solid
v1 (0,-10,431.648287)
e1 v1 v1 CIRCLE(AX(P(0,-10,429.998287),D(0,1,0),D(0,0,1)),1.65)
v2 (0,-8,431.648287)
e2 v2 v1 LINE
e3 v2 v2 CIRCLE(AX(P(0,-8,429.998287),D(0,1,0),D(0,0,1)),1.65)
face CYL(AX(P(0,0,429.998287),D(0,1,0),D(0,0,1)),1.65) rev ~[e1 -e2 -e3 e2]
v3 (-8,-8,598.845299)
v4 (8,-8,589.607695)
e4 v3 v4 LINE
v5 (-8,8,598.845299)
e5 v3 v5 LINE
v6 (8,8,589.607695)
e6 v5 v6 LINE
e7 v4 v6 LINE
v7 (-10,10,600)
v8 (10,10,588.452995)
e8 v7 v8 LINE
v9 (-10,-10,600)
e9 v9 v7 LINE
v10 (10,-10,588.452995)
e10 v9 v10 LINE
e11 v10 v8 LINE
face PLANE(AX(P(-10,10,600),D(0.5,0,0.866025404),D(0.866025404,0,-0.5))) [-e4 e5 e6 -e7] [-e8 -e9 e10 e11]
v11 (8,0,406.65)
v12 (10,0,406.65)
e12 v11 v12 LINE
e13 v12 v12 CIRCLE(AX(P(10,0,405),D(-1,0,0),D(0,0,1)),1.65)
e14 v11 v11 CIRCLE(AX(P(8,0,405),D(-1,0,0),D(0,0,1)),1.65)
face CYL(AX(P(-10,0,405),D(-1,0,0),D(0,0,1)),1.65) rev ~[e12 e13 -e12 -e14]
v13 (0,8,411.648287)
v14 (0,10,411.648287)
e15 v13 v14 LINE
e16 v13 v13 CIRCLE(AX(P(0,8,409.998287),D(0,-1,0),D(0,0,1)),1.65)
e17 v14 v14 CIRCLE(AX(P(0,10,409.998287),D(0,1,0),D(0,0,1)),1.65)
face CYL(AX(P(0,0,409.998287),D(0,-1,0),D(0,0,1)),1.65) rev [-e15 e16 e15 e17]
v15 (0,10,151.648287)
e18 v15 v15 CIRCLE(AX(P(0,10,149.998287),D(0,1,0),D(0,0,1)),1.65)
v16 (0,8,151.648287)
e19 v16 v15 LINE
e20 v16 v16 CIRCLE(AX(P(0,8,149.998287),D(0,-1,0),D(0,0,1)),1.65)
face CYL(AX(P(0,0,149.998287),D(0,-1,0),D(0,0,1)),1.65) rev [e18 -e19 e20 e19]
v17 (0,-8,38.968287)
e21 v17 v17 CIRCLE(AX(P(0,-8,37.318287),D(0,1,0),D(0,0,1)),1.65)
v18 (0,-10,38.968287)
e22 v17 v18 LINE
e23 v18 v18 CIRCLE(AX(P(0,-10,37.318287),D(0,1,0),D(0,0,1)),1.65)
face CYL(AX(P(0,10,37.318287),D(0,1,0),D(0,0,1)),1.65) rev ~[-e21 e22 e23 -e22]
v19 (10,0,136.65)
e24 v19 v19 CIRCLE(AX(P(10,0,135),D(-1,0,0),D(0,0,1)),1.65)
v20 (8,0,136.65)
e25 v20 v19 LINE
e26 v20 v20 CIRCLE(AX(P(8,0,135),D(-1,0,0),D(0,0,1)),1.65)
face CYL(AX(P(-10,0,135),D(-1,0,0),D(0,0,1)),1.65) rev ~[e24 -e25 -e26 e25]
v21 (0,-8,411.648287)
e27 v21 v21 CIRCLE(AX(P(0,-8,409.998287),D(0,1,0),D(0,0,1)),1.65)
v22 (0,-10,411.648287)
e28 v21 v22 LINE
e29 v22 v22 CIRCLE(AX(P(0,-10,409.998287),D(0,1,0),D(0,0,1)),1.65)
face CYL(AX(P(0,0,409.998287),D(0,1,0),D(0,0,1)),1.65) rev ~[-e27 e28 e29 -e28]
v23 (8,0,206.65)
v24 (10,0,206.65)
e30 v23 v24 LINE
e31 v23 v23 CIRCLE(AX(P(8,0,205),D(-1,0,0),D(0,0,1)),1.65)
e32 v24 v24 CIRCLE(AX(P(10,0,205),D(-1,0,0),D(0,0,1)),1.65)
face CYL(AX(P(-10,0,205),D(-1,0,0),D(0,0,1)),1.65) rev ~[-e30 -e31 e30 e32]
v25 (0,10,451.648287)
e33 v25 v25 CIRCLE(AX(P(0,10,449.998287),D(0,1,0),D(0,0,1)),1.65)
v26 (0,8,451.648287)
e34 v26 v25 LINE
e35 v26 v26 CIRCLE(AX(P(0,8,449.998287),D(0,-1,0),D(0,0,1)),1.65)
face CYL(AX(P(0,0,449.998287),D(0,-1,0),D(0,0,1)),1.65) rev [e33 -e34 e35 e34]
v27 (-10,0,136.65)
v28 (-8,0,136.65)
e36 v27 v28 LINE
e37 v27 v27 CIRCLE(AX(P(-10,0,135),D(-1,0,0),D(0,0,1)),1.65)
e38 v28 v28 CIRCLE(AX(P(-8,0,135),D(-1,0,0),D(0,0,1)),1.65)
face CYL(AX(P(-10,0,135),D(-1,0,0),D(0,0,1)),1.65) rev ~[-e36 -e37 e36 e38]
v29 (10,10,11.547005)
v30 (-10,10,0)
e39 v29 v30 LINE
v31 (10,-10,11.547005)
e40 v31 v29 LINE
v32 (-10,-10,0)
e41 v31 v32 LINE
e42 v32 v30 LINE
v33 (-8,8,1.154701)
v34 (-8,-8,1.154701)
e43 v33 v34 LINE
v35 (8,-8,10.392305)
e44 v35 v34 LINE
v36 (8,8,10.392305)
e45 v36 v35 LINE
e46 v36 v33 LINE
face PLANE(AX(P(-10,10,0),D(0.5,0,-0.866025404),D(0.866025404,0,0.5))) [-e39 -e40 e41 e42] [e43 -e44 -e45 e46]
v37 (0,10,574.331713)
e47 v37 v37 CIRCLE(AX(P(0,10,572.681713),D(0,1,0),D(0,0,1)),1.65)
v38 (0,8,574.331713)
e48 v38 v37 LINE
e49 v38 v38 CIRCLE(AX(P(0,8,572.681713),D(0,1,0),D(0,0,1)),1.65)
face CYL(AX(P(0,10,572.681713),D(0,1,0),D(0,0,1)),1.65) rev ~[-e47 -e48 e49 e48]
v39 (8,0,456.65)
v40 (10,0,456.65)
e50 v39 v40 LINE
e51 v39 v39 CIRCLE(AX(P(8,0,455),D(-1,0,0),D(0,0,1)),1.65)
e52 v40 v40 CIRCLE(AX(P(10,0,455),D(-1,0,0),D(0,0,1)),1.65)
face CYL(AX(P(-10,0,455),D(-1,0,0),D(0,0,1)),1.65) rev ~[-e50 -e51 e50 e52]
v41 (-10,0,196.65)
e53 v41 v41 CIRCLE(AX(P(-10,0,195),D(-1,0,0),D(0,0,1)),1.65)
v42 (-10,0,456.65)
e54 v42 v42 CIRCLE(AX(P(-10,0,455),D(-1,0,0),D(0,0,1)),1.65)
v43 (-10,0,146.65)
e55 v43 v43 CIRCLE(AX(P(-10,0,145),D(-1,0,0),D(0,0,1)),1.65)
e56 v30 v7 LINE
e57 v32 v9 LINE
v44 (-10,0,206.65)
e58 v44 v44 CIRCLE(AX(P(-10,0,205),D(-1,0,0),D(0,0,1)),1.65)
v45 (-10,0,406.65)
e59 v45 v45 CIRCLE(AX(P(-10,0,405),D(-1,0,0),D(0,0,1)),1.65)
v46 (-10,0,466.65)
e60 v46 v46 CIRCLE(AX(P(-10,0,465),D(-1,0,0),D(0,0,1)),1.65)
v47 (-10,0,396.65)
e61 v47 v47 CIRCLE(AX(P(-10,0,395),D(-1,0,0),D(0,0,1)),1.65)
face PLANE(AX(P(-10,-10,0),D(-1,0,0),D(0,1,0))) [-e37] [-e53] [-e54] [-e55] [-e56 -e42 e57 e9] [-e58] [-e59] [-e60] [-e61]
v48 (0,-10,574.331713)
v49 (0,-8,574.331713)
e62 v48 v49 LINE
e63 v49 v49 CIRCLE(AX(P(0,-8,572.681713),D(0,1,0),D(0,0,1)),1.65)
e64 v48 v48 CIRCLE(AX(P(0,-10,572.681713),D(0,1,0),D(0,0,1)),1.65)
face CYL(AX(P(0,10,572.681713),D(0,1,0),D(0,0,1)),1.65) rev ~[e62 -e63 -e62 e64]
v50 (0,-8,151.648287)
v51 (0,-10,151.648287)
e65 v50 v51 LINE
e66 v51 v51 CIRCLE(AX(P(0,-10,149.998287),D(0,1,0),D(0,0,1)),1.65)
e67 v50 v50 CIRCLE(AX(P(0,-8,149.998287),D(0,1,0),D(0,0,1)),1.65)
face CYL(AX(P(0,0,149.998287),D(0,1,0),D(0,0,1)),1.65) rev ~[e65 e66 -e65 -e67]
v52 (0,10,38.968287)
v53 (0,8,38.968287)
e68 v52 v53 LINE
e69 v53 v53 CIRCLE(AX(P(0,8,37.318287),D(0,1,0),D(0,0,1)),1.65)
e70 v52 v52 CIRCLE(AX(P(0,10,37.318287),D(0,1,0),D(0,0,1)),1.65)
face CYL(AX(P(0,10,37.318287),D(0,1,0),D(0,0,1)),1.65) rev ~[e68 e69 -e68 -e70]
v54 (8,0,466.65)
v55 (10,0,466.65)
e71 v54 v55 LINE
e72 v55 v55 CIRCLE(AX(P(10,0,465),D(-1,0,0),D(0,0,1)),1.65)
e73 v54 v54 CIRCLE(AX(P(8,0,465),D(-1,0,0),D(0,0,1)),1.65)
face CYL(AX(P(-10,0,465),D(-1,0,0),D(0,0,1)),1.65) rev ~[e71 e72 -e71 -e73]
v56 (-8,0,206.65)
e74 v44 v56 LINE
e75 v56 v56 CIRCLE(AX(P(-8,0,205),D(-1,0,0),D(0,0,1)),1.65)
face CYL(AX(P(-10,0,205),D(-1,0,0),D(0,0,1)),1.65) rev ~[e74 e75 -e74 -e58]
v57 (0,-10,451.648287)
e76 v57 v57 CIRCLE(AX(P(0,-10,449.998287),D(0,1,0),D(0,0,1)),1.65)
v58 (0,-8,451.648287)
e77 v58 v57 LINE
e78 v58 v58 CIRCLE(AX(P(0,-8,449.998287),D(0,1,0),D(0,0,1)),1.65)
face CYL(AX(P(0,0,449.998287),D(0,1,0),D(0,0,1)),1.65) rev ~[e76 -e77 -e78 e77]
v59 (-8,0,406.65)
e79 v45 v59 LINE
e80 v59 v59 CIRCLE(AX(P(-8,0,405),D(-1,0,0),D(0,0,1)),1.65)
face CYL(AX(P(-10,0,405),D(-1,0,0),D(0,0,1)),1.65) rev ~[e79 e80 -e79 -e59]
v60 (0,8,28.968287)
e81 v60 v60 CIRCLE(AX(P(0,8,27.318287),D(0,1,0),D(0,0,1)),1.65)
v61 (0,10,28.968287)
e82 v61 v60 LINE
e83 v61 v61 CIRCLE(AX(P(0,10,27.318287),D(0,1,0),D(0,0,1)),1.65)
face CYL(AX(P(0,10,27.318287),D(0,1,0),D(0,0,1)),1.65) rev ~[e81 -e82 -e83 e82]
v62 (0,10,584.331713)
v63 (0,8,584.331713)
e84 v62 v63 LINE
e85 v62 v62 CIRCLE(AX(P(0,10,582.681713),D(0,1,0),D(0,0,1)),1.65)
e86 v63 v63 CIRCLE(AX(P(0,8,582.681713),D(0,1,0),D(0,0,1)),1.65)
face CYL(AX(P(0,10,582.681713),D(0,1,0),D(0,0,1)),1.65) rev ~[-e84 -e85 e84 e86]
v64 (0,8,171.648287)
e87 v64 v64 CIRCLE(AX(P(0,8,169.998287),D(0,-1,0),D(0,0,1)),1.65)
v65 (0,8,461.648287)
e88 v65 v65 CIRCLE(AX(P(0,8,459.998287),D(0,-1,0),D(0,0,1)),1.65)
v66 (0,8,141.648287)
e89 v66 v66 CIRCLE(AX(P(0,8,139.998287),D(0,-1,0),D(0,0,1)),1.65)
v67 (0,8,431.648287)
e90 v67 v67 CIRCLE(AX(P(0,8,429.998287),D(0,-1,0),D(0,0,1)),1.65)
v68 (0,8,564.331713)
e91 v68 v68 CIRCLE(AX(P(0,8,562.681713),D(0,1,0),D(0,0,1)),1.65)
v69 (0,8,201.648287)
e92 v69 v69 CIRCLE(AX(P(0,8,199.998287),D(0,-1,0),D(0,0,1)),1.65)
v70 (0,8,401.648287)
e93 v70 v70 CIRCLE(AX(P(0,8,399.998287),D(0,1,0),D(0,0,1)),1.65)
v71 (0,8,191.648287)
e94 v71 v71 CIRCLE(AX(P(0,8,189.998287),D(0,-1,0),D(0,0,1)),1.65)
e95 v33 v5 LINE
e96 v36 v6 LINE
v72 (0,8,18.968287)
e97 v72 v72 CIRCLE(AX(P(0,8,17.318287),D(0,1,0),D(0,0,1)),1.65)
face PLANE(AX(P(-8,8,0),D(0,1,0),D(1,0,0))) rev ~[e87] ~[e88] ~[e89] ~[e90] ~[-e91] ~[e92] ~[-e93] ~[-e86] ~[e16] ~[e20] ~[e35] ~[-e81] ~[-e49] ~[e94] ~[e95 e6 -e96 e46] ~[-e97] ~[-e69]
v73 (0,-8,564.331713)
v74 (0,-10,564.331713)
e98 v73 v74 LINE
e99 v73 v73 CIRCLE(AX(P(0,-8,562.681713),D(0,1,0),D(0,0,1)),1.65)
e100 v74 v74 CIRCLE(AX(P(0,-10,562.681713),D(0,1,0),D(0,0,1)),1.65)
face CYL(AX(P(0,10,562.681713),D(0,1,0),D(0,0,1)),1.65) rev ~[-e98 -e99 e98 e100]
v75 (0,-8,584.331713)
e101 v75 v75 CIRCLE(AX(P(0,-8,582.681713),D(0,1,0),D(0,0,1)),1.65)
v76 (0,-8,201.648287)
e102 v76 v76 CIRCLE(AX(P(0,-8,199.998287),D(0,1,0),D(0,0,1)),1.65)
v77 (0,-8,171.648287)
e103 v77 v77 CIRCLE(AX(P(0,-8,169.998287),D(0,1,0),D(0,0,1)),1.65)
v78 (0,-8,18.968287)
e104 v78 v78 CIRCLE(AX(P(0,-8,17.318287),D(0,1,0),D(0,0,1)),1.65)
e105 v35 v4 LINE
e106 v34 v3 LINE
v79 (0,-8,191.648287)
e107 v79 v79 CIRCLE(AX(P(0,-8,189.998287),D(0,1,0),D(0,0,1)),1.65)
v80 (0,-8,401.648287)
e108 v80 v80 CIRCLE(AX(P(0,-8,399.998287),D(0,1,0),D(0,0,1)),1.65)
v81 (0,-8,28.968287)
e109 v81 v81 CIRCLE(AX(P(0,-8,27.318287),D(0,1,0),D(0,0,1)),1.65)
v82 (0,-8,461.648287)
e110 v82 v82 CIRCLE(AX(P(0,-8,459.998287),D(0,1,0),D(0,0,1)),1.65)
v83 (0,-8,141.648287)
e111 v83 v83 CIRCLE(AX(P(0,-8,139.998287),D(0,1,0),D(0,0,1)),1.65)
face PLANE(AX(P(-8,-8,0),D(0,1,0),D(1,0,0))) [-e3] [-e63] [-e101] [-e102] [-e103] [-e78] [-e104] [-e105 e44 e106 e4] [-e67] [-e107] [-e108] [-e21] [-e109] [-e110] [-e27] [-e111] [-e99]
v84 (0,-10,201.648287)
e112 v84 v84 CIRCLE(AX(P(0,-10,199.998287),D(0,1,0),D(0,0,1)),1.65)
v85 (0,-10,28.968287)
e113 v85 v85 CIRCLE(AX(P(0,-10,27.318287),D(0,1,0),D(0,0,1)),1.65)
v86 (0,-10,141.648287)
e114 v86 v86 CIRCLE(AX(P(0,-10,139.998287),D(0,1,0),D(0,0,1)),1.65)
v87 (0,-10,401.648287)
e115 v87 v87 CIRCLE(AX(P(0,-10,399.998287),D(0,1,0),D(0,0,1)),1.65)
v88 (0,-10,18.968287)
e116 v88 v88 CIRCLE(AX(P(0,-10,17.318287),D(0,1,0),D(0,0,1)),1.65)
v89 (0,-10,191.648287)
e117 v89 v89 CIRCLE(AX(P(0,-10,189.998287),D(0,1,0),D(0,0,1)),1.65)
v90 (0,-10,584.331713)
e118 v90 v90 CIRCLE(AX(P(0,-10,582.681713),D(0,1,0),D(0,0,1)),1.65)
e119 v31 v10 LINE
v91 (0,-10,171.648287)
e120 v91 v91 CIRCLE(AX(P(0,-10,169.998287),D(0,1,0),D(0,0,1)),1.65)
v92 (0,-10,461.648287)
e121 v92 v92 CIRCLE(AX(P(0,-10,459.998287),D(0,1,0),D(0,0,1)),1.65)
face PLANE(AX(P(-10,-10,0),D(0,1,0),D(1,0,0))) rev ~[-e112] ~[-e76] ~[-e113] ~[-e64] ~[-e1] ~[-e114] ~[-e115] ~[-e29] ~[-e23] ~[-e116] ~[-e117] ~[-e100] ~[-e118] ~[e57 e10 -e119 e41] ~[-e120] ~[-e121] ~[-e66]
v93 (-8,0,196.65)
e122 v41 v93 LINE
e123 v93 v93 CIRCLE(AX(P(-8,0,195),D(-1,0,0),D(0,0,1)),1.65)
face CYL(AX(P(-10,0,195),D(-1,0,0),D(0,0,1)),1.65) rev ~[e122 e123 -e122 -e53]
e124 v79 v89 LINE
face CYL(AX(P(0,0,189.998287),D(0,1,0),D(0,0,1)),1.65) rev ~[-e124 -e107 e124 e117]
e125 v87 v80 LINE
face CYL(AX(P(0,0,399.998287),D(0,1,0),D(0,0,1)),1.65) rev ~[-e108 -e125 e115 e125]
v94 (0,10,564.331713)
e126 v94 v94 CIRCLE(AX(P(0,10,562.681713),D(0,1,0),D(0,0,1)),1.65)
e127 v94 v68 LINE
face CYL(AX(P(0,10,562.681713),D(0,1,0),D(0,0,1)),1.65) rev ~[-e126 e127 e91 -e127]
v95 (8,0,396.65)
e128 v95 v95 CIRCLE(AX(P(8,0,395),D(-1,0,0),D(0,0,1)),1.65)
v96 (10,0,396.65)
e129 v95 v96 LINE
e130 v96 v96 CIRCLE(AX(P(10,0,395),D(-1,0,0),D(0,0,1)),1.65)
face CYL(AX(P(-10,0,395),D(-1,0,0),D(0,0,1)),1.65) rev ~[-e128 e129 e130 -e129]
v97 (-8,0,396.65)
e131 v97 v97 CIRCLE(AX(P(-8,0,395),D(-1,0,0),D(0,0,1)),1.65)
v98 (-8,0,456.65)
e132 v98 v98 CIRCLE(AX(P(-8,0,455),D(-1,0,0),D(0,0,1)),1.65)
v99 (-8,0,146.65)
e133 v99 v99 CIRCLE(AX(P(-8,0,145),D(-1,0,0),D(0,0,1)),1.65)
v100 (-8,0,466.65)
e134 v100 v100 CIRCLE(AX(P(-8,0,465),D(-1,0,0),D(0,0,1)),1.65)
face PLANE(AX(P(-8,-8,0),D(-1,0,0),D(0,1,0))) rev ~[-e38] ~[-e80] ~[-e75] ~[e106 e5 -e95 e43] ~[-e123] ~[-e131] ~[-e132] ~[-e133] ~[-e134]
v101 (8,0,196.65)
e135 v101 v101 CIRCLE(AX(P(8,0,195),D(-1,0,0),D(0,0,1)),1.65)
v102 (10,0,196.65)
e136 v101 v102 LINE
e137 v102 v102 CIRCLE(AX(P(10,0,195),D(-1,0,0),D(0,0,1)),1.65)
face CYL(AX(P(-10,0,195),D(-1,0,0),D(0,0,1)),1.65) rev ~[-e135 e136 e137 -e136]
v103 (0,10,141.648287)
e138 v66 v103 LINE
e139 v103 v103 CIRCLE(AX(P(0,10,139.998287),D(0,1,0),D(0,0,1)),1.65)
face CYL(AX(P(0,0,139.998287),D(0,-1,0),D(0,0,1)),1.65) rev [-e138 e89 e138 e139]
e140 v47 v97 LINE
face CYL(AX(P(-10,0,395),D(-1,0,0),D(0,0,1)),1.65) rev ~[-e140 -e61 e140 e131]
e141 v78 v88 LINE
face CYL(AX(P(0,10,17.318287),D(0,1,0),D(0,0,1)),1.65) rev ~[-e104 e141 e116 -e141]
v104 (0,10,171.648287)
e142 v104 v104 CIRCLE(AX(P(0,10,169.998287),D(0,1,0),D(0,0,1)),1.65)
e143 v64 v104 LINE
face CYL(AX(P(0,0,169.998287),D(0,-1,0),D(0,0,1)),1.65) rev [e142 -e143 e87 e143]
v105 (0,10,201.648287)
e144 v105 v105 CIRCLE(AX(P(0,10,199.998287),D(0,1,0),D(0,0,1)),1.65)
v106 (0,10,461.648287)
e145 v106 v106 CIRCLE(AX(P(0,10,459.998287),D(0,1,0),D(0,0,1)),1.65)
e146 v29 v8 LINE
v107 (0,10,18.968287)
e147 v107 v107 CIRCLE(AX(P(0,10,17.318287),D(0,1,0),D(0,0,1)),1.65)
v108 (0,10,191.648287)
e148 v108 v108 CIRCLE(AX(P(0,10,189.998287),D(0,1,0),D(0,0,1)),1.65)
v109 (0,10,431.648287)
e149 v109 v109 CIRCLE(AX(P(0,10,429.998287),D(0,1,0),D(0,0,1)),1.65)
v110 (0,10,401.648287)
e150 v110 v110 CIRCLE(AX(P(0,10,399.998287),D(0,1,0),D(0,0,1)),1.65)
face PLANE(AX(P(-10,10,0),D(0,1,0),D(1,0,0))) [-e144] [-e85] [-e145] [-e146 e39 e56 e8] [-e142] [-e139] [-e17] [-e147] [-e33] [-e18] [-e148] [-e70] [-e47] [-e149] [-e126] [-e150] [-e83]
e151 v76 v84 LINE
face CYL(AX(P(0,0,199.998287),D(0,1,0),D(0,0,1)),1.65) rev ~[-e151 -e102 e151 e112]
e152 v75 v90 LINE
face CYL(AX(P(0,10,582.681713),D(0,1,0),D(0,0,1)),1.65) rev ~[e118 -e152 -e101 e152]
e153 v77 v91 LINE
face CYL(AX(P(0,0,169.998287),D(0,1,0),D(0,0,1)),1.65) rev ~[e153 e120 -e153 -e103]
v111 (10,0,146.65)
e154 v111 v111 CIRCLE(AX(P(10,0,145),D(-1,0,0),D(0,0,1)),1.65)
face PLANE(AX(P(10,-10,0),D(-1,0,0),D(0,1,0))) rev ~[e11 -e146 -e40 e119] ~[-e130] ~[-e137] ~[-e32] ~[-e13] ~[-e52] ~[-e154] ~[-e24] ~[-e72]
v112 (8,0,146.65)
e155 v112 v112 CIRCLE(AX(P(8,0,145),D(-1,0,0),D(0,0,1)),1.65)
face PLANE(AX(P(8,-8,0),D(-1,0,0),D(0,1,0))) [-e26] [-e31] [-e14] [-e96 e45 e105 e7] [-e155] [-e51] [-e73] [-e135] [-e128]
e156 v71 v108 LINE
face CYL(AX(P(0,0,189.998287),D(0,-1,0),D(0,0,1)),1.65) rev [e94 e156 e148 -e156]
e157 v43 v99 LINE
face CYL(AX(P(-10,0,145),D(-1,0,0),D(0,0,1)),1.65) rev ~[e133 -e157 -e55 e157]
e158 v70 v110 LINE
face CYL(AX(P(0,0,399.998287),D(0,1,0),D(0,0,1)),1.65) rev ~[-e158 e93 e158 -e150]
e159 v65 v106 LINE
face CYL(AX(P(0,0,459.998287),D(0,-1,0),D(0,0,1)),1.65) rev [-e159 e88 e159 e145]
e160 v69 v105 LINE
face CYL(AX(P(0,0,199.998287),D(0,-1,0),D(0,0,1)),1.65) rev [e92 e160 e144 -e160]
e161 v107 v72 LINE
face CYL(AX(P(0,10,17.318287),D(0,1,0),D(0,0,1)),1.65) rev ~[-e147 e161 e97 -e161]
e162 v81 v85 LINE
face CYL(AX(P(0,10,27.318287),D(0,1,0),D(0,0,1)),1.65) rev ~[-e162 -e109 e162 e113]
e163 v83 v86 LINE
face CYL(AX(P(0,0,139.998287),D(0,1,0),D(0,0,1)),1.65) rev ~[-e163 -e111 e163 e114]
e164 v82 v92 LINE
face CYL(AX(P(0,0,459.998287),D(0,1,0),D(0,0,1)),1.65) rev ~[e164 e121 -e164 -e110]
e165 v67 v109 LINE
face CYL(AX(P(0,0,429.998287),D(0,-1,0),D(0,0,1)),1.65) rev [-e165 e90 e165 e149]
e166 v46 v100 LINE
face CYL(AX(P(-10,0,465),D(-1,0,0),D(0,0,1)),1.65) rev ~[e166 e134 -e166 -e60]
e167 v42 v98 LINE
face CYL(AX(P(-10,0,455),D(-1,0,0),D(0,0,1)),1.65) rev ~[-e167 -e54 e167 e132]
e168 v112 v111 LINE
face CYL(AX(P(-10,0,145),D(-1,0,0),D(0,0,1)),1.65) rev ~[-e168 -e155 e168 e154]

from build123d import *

# Parameters (mm, degrees)
SKETCH_1_W          = 20
SKETCH_1_H          = 20
SKETCH_1_W_2        = 16
SKETCH_1_H_2        = 16
EXTRUDE_1_DEPTH     = 600
CUT_EXTRUDE_1_DEPTH = 300
SKETCH_3_R          = 1.65
CUT_EXTRUDE_2_DEPTH = 300
SKETCH_4_R          = 1.65
CUT_EXTRUDE_3_DEPTH = 10
SKETCH_6_R          = 1.65
CUT_EXTRUDE_4_DEPTH = 601.416522091


with BuildPart() as part:
    # 草图1 → 凸台-拉伸1 (new body)
    with BuildSketch(Plane.XY):
        Rectangle(SKETCH_1_W, SKETCH_1_H)
        Rectangle(SKETCH_1_W_2, SKETCH_1_H_2, mode=Mode.SUBTRACT)
    extrude(amount=EXTRUDE_1_DEPTH)

    # 草图2 → 切除-拉伸1 (cut, symmetric)
    with BuildSketch(Plane(origin=(0, 10, 0), x_dir=(1, 0, 0), z_dir=(0, 1, 0))):
        Polygon((-10, 0), (10, -11.547005384), (10, 0), align=None)
        Polygon((10, -600), (-10, -600), (10, -588.452994616), align=None)
    extrude(amount=CUT_EXTRUDE_1_DEPTH, both=True, mode=Mode.SUBTRACT)

    # 草图3 → 切除-拉伸2 (cut, symmetric)
    with BuildSketch(Plane(origin=(0, 10, 0), x_dir=(1, 0, 0), z_dir=(0, 1, 0))):
        with Locations(Location((0, -17.318286674, 0), (0, 0, 270))):
            Circle(SKETCH_3_R)
        with Locations(Location((0, -582.681713326, 0), (0, 0, 270))):
            Circle(SKETCH_3_R)
        with Locations(Location((0, -27.318286674, 0), (0, 0, 270))):
            Circle(SKETCH_3_R)
        with Locations(Location((0, -37.318286674, 0), (0, 0, 270))):
            Circle(SKETCH_3_R)
        with Locations(Location((0, -562.681713326, 0), (0, 0, 270))):
            Circle(SKETCH_3_R)
        with Locations(Location((0, -572.681713326, 0), (0, 0, 270))):
            Circle(SKETCH_3_R)
    extrude(amount=CUT_EXTRUDE_2_DEPTH, both=True, mode=Mode.SUBTRACT)

    # 草图4 → 切除-拉伸3 (cut, symmetric)
    with BuildSketch(Plane(origin=(0, 0, 0), x_dir=(1, 0, 0), z_dir=(0, 1, 0))):
        with Locations(Location((0, -169.998286674, 0), (0, 0, 270))):
            Circle(SKETCH_4_R)
        with Locations(Location((0, -429.998286674, 0), (0, 0, 270))):
            Circle(SKETCH_4_R)
        with Locations(Location((0, -149.998286674, 0), (0, 0, 270))):
            Circle(SKETCH_4_R)
        with Locations(Location((0, -189.998286674, 0), (0, 0, 270))):
            Circle(SKETCH_4_R)
        with Locations(Location((0, -409.998286674, 0), (0, 0, 270))):
            Circle(SKETCH_4_R)
        with Locations(Location((0, -449.998286674, 0), (0, 0, 270))):
            Circle(SKETCH_4_R)
        with Locations(Location((0, -199.998286674, 0), (0, 0, 270))):
            Circle(SKETCH_4_R)
        with Locations(Location((0, -139.998286674, 0), (0, 0, 270))):
            Circle(SKETCH_4_R)
        with Locations(Location((0, -459.998286674, 0), (0, 0, 270))):
            Circle(SKETCH_4_R)
        with Locations(Location((0, -399.998286674, 0), (0, 0, 270))):
            Circle(SKETCH_4_R)
    extrude(amount=CUT_EXTRUDE_3_DEPTH, both=True, mode=Mode.SUBTRACT)

    # 草图6 → 切除-拉伸4 (cut, through all)
    with BuildSketch(Plane.ZY.offset(10)):
        with Locations((195, 0)):
            Circle(SKETCH_6_R)
        with Locations((145, 0)):
            Circle(SKETCH_6_R)
        with Locations((205, 0)):
            Circle(SKETCH_6_R)
        with Locations((135, 0)):
            Circle(SKETCH_6_R)
        with Locations((465, 0)):
            Circle(SKETCH_6_R)
        with Locations((395, 0)):
            Circle(SKETCH_6_R)
        with Locations((455, 0)):
            Circle(SKETCH_6_R)
        with Locations((405, 0)):
            Circle(SKETCH_6_R)
    extrude(amount=-CUT_EXTRUDE_4_DEPTH, mode=Mode.SUBTRACT)


solid = part.part
